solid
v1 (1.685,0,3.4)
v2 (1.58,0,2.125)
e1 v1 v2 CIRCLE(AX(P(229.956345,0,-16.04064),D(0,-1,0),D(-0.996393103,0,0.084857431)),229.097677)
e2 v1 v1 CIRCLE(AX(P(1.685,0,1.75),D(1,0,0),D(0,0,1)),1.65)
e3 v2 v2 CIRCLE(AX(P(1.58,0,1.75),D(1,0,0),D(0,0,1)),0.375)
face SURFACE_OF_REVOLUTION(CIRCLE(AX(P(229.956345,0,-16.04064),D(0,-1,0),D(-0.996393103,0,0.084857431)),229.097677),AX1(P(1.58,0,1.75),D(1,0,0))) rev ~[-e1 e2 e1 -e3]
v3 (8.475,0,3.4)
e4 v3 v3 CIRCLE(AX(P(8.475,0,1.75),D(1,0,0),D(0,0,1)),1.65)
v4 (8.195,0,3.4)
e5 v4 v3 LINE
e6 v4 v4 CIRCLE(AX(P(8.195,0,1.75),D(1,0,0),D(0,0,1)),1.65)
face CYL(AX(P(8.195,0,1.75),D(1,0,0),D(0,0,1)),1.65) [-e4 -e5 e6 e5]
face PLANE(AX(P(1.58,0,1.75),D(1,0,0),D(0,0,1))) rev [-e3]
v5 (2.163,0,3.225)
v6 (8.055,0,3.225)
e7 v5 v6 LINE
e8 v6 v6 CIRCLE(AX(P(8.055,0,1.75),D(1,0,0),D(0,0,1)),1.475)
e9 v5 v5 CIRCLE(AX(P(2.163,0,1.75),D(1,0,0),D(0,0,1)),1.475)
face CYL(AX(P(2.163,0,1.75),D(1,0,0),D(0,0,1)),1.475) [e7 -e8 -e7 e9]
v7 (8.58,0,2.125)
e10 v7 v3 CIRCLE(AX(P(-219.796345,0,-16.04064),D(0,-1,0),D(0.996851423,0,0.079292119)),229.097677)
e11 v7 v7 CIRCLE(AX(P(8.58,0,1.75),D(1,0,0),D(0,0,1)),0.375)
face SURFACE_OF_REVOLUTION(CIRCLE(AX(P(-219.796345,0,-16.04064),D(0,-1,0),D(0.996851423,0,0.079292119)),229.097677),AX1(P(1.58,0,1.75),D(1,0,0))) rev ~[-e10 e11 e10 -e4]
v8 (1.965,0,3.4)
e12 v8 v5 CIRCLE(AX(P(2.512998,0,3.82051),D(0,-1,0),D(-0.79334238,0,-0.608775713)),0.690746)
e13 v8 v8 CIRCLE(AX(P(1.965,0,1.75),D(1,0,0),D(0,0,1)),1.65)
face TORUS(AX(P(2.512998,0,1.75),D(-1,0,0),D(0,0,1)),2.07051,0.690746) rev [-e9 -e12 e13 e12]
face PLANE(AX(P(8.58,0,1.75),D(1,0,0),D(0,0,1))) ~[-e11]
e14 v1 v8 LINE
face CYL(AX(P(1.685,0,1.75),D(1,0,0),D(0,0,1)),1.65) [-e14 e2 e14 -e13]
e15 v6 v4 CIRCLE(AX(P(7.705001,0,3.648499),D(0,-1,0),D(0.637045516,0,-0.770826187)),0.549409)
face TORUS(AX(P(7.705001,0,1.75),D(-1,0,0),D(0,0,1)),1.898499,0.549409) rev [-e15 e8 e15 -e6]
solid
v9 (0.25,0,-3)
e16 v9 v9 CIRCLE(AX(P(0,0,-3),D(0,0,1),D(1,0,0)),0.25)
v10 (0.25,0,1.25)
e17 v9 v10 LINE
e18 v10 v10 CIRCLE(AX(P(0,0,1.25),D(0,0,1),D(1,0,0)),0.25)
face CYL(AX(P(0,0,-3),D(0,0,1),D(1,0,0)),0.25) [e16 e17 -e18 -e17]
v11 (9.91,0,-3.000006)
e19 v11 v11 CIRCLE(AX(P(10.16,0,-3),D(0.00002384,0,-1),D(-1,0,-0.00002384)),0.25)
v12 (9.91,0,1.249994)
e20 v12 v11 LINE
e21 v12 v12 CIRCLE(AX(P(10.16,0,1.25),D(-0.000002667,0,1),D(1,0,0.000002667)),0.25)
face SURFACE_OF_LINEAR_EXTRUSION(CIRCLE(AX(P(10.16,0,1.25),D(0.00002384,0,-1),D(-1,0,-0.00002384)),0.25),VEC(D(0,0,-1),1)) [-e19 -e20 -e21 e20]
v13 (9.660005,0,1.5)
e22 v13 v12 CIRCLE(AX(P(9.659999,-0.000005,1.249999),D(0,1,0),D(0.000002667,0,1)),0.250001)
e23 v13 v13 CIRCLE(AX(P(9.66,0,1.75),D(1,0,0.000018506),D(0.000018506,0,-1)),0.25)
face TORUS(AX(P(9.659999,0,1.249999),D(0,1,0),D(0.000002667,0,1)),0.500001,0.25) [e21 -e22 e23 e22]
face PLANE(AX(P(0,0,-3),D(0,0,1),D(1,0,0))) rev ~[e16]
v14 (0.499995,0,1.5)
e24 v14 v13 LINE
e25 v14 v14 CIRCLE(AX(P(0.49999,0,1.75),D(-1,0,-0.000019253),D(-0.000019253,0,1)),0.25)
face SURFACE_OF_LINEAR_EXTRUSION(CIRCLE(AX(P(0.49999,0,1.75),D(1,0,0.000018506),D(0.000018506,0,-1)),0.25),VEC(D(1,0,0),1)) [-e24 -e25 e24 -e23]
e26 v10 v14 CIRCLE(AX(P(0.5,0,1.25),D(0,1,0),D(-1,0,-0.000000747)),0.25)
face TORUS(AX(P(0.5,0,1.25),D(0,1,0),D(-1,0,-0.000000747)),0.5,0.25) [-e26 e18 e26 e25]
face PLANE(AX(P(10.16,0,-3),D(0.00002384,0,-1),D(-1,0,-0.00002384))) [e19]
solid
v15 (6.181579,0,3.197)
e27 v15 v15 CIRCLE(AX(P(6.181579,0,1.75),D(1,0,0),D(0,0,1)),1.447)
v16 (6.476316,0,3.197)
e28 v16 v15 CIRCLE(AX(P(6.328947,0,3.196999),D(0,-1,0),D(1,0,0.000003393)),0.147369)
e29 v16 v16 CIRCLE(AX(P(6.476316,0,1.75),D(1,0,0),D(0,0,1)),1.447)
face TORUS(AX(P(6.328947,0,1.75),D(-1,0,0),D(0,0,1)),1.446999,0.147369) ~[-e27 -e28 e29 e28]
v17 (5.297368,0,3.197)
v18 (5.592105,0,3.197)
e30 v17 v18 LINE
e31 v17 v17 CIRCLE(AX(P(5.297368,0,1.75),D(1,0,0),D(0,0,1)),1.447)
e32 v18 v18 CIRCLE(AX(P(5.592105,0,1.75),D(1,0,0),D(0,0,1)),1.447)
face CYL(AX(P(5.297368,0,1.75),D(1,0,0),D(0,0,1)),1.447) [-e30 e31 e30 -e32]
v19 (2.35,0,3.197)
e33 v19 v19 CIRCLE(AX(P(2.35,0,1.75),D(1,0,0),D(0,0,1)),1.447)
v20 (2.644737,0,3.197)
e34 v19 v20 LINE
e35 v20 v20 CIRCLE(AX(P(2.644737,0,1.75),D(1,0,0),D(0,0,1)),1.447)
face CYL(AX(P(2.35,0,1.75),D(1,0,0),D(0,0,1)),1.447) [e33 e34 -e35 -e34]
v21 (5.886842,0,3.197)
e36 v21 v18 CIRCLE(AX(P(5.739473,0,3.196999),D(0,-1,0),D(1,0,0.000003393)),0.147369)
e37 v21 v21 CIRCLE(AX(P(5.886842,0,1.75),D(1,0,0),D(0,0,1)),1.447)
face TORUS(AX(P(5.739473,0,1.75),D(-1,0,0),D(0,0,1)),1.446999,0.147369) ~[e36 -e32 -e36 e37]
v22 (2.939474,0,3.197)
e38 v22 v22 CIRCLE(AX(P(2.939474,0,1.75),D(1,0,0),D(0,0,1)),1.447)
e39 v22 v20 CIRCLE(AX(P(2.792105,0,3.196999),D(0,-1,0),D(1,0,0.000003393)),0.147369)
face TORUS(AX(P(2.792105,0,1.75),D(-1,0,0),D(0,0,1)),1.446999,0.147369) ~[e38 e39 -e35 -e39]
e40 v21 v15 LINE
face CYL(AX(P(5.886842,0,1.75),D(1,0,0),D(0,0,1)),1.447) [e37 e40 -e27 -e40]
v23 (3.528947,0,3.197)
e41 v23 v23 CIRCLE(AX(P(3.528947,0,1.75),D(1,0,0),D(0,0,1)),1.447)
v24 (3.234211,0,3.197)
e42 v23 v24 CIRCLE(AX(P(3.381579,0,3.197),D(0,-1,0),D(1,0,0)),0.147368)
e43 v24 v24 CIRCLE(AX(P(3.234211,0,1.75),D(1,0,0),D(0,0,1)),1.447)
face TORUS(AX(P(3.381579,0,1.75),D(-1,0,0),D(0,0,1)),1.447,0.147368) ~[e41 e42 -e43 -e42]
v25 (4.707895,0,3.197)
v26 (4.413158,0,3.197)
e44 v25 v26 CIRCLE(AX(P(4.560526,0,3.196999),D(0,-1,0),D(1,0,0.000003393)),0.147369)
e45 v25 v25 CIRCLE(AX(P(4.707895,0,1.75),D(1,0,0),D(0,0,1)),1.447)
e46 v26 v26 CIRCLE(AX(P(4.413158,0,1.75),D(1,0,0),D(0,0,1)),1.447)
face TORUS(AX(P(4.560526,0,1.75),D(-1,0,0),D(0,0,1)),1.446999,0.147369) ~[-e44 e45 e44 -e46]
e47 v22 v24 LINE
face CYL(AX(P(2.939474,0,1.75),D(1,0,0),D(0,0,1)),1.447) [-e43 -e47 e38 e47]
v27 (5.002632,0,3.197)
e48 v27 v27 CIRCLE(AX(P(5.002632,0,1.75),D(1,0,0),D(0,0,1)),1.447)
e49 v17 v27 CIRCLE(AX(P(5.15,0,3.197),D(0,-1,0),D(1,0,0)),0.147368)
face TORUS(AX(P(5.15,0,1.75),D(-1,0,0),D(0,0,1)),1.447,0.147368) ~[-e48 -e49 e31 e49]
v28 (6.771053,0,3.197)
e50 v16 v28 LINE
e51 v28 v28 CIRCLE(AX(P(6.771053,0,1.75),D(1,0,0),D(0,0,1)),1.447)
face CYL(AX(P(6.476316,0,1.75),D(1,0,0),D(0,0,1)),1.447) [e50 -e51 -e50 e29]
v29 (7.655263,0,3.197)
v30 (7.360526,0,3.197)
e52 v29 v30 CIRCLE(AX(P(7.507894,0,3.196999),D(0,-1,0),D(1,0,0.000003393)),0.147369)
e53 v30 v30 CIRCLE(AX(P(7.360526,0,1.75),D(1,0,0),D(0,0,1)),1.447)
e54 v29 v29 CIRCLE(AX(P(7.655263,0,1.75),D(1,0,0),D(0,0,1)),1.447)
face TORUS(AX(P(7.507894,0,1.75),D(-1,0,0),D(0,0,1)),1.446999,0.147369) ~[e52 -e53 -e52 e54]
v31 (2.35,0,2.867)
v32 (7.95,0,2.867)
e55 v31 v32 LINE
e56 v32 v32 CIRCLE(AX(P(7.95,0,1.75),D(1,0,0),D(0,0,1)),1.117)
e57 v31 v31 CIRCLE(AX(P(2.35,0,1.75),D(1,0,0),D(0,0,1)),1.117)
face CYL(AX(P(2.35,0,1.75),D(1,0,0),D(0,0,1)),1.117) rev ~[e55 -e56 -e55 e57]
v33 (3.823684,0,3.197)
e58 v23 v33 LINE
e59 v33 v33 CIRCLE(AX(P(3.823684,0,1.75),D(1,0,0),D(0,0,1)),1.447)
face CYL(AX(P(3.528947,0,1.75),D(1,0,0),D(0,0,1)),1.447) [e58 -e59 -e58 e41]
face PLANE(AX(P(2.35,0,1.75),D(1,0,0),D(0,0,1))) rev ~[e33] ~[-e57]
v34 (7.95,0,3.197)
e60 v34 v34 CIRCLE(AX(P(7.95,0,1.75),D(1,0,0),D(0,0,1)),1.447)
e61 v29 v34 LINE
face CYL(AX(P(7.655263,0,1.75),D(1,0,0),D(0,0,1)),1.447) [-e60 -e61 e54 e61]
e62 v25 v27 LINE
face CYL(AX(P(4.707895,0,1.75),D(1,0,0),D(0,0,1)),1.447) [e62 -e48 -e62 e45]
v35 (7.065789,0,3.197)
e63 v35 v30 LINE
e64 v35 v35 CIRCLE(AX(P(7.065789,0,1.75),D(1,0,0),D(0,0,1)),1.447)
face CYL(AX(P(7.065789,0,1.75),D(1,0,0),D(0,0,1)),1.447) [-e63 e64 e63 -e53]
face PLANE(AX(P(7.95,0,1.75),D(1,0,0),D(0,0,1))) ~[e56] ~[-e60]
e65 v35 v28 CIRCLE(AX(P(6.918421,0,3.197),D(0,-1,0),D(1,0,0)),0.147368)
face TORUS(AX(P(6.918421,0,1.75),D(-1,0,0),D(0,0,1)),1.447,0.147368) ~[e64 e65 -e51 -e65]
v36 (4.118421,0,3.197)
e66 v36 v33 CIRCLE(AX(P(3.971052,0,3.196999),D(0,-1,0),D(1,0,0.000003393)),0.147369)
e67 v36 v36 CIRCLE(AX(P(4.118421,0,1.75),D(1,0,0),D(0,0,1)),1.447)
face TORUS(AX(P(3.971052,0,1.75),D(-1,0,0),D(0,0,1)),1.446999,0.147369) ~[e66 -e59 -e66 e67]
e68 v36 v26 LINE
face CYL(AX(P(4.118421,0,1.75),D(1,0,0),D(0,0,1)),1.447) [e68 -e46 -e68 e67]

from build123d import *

# Parameters (mm, degrees)
SKETCH_R = 0.25


with BuildPart() as revolution:
    # Sketch002 → Revolution (revolve)
    with BuildSketch(Plane.XZ):
        with BuildLine():
            Line((1.685, 3.4), (1.965, 3.4))
            ThreePointArc((1.965, 3.4), (2.055554, 3.302943), (2.163, 3.225))
            Line((2.163, 3.225), (8.055, 3.225))
            ThreePointArc((8.055, 3.225), (8.134018, 3.305286), (8.195, 3.4))
            Line((8.195, 3.4), (8.475, 3.4))
            ThreePointArc((8.58, 2.125), (8.52839, 2.762573), (8.475, 3.4))
            Line((8.58, 1.75), (8.58, 2.125))
            Line((1.58, 1.75), (8.58, 1.75))
            Line((1.58, 1.75), (1.58, 2.125))
            ThreePointArc((1.685, 3.4), (1.63161, 2.762573), (1.58, 2.125))
        make_face()
    revolve(axis=Axis((1.58, 0, 1.75), (1, 0, 0)))


with BuildPart() as sweep_body:
    # Sweep: sweep along a path in Sketch001
    with BuildLine(Plane.XZ) as sweep_path:
        Line((0, -3), (0, 1.25))
        ThreePointArc((0, 1.25), (0.146443, 1.60355), (0.49999, 1.75))
        Line((0.49999, 1.75), (9.66, 1.75))
        ThreePointArc((9.66, 1.75), (10.013553, 1.603553), (10.16, 1.25))
        Line((10.16, 1.25), (10.16, -3))
    # Sketch → Sweep (sweep)
    with BuildSketch(Plane.XY.offset(-2)):
        Circle(SKETCH_R)
    sweep(path=sweep_path.line)


with BuildPart() as revolution001:
    # Sketch003 → Revolution001 (revolve)
    with BuildSketch(Plane.XZ):
        with BuildLine():
            ThreePointArc((2.939474, 3.197), (2.792105, 3.344368), (2.644737, 3.197))
            Line((2.35, 3.197), (2.644737, 3.197))
            Line((2.35, 3.197), (2.35, 2.867))
            Line((2.35, 2.867), (7.95, 2.867))
            Line((7.95, 2.867), (7.95, 3.197))
            Line((7.655263, 3.197), (7.95, 3.197))
            ThreePointArc((7.655263, 3.197), (7.507895, 3.344368), (7.360526, 3.197))
            Line((7.065789, 3.197), (7.360526, 3.197))
            ThreePointArc((7.065789, 3.197), (6.918421, 3.344368), (6.771053, 3.197))
            Line((6.476316, 3.197), (6.771053, 3.197))
            ThreePointArc((6.476316, 3.197), (6.328947, 3.344368), (6.181579, 3.197))
            Line((5.886842, 3.197), (6.181579, 3.197))
            ThreePointArc((5.886842, 3.197), (5.739474, 3.344368), (5.592105, 3.197))
            Line((5.297368, 3.197), (5.592105, 3.197))
            ThreePointArc((5.297368, 3.197), (5.15, 3.344368), (5.002632, 3.197))
            Line((4.707895, 3.197), (5.002632, 3.197))
            ThreePointArc((4.707895, 3.197), (4.560526, 3.344368), (4.413158, 3.197))
            Line((4.118421, 3.197), (4.413158, 3.197))
            ThreePointArc((4.118421, 3.197), (3.971053, 3.344368), (3.823684, 3.197))
            Line((3.528947, 3.197), (3.823684, 3.197))
            ThreePointArc((3.528947, 3.197), (3.381579, 3.344368), (3.234211, 3.197))
            Line((2.939474, 3.197), (3.234211, 3.197))
        make_face()
    revolve(axis=Axis((1.755, 0, 1.75), (1, 0, 0)))


solid = Compound([revolution.part, sweep_body.part, revolution001.part])
